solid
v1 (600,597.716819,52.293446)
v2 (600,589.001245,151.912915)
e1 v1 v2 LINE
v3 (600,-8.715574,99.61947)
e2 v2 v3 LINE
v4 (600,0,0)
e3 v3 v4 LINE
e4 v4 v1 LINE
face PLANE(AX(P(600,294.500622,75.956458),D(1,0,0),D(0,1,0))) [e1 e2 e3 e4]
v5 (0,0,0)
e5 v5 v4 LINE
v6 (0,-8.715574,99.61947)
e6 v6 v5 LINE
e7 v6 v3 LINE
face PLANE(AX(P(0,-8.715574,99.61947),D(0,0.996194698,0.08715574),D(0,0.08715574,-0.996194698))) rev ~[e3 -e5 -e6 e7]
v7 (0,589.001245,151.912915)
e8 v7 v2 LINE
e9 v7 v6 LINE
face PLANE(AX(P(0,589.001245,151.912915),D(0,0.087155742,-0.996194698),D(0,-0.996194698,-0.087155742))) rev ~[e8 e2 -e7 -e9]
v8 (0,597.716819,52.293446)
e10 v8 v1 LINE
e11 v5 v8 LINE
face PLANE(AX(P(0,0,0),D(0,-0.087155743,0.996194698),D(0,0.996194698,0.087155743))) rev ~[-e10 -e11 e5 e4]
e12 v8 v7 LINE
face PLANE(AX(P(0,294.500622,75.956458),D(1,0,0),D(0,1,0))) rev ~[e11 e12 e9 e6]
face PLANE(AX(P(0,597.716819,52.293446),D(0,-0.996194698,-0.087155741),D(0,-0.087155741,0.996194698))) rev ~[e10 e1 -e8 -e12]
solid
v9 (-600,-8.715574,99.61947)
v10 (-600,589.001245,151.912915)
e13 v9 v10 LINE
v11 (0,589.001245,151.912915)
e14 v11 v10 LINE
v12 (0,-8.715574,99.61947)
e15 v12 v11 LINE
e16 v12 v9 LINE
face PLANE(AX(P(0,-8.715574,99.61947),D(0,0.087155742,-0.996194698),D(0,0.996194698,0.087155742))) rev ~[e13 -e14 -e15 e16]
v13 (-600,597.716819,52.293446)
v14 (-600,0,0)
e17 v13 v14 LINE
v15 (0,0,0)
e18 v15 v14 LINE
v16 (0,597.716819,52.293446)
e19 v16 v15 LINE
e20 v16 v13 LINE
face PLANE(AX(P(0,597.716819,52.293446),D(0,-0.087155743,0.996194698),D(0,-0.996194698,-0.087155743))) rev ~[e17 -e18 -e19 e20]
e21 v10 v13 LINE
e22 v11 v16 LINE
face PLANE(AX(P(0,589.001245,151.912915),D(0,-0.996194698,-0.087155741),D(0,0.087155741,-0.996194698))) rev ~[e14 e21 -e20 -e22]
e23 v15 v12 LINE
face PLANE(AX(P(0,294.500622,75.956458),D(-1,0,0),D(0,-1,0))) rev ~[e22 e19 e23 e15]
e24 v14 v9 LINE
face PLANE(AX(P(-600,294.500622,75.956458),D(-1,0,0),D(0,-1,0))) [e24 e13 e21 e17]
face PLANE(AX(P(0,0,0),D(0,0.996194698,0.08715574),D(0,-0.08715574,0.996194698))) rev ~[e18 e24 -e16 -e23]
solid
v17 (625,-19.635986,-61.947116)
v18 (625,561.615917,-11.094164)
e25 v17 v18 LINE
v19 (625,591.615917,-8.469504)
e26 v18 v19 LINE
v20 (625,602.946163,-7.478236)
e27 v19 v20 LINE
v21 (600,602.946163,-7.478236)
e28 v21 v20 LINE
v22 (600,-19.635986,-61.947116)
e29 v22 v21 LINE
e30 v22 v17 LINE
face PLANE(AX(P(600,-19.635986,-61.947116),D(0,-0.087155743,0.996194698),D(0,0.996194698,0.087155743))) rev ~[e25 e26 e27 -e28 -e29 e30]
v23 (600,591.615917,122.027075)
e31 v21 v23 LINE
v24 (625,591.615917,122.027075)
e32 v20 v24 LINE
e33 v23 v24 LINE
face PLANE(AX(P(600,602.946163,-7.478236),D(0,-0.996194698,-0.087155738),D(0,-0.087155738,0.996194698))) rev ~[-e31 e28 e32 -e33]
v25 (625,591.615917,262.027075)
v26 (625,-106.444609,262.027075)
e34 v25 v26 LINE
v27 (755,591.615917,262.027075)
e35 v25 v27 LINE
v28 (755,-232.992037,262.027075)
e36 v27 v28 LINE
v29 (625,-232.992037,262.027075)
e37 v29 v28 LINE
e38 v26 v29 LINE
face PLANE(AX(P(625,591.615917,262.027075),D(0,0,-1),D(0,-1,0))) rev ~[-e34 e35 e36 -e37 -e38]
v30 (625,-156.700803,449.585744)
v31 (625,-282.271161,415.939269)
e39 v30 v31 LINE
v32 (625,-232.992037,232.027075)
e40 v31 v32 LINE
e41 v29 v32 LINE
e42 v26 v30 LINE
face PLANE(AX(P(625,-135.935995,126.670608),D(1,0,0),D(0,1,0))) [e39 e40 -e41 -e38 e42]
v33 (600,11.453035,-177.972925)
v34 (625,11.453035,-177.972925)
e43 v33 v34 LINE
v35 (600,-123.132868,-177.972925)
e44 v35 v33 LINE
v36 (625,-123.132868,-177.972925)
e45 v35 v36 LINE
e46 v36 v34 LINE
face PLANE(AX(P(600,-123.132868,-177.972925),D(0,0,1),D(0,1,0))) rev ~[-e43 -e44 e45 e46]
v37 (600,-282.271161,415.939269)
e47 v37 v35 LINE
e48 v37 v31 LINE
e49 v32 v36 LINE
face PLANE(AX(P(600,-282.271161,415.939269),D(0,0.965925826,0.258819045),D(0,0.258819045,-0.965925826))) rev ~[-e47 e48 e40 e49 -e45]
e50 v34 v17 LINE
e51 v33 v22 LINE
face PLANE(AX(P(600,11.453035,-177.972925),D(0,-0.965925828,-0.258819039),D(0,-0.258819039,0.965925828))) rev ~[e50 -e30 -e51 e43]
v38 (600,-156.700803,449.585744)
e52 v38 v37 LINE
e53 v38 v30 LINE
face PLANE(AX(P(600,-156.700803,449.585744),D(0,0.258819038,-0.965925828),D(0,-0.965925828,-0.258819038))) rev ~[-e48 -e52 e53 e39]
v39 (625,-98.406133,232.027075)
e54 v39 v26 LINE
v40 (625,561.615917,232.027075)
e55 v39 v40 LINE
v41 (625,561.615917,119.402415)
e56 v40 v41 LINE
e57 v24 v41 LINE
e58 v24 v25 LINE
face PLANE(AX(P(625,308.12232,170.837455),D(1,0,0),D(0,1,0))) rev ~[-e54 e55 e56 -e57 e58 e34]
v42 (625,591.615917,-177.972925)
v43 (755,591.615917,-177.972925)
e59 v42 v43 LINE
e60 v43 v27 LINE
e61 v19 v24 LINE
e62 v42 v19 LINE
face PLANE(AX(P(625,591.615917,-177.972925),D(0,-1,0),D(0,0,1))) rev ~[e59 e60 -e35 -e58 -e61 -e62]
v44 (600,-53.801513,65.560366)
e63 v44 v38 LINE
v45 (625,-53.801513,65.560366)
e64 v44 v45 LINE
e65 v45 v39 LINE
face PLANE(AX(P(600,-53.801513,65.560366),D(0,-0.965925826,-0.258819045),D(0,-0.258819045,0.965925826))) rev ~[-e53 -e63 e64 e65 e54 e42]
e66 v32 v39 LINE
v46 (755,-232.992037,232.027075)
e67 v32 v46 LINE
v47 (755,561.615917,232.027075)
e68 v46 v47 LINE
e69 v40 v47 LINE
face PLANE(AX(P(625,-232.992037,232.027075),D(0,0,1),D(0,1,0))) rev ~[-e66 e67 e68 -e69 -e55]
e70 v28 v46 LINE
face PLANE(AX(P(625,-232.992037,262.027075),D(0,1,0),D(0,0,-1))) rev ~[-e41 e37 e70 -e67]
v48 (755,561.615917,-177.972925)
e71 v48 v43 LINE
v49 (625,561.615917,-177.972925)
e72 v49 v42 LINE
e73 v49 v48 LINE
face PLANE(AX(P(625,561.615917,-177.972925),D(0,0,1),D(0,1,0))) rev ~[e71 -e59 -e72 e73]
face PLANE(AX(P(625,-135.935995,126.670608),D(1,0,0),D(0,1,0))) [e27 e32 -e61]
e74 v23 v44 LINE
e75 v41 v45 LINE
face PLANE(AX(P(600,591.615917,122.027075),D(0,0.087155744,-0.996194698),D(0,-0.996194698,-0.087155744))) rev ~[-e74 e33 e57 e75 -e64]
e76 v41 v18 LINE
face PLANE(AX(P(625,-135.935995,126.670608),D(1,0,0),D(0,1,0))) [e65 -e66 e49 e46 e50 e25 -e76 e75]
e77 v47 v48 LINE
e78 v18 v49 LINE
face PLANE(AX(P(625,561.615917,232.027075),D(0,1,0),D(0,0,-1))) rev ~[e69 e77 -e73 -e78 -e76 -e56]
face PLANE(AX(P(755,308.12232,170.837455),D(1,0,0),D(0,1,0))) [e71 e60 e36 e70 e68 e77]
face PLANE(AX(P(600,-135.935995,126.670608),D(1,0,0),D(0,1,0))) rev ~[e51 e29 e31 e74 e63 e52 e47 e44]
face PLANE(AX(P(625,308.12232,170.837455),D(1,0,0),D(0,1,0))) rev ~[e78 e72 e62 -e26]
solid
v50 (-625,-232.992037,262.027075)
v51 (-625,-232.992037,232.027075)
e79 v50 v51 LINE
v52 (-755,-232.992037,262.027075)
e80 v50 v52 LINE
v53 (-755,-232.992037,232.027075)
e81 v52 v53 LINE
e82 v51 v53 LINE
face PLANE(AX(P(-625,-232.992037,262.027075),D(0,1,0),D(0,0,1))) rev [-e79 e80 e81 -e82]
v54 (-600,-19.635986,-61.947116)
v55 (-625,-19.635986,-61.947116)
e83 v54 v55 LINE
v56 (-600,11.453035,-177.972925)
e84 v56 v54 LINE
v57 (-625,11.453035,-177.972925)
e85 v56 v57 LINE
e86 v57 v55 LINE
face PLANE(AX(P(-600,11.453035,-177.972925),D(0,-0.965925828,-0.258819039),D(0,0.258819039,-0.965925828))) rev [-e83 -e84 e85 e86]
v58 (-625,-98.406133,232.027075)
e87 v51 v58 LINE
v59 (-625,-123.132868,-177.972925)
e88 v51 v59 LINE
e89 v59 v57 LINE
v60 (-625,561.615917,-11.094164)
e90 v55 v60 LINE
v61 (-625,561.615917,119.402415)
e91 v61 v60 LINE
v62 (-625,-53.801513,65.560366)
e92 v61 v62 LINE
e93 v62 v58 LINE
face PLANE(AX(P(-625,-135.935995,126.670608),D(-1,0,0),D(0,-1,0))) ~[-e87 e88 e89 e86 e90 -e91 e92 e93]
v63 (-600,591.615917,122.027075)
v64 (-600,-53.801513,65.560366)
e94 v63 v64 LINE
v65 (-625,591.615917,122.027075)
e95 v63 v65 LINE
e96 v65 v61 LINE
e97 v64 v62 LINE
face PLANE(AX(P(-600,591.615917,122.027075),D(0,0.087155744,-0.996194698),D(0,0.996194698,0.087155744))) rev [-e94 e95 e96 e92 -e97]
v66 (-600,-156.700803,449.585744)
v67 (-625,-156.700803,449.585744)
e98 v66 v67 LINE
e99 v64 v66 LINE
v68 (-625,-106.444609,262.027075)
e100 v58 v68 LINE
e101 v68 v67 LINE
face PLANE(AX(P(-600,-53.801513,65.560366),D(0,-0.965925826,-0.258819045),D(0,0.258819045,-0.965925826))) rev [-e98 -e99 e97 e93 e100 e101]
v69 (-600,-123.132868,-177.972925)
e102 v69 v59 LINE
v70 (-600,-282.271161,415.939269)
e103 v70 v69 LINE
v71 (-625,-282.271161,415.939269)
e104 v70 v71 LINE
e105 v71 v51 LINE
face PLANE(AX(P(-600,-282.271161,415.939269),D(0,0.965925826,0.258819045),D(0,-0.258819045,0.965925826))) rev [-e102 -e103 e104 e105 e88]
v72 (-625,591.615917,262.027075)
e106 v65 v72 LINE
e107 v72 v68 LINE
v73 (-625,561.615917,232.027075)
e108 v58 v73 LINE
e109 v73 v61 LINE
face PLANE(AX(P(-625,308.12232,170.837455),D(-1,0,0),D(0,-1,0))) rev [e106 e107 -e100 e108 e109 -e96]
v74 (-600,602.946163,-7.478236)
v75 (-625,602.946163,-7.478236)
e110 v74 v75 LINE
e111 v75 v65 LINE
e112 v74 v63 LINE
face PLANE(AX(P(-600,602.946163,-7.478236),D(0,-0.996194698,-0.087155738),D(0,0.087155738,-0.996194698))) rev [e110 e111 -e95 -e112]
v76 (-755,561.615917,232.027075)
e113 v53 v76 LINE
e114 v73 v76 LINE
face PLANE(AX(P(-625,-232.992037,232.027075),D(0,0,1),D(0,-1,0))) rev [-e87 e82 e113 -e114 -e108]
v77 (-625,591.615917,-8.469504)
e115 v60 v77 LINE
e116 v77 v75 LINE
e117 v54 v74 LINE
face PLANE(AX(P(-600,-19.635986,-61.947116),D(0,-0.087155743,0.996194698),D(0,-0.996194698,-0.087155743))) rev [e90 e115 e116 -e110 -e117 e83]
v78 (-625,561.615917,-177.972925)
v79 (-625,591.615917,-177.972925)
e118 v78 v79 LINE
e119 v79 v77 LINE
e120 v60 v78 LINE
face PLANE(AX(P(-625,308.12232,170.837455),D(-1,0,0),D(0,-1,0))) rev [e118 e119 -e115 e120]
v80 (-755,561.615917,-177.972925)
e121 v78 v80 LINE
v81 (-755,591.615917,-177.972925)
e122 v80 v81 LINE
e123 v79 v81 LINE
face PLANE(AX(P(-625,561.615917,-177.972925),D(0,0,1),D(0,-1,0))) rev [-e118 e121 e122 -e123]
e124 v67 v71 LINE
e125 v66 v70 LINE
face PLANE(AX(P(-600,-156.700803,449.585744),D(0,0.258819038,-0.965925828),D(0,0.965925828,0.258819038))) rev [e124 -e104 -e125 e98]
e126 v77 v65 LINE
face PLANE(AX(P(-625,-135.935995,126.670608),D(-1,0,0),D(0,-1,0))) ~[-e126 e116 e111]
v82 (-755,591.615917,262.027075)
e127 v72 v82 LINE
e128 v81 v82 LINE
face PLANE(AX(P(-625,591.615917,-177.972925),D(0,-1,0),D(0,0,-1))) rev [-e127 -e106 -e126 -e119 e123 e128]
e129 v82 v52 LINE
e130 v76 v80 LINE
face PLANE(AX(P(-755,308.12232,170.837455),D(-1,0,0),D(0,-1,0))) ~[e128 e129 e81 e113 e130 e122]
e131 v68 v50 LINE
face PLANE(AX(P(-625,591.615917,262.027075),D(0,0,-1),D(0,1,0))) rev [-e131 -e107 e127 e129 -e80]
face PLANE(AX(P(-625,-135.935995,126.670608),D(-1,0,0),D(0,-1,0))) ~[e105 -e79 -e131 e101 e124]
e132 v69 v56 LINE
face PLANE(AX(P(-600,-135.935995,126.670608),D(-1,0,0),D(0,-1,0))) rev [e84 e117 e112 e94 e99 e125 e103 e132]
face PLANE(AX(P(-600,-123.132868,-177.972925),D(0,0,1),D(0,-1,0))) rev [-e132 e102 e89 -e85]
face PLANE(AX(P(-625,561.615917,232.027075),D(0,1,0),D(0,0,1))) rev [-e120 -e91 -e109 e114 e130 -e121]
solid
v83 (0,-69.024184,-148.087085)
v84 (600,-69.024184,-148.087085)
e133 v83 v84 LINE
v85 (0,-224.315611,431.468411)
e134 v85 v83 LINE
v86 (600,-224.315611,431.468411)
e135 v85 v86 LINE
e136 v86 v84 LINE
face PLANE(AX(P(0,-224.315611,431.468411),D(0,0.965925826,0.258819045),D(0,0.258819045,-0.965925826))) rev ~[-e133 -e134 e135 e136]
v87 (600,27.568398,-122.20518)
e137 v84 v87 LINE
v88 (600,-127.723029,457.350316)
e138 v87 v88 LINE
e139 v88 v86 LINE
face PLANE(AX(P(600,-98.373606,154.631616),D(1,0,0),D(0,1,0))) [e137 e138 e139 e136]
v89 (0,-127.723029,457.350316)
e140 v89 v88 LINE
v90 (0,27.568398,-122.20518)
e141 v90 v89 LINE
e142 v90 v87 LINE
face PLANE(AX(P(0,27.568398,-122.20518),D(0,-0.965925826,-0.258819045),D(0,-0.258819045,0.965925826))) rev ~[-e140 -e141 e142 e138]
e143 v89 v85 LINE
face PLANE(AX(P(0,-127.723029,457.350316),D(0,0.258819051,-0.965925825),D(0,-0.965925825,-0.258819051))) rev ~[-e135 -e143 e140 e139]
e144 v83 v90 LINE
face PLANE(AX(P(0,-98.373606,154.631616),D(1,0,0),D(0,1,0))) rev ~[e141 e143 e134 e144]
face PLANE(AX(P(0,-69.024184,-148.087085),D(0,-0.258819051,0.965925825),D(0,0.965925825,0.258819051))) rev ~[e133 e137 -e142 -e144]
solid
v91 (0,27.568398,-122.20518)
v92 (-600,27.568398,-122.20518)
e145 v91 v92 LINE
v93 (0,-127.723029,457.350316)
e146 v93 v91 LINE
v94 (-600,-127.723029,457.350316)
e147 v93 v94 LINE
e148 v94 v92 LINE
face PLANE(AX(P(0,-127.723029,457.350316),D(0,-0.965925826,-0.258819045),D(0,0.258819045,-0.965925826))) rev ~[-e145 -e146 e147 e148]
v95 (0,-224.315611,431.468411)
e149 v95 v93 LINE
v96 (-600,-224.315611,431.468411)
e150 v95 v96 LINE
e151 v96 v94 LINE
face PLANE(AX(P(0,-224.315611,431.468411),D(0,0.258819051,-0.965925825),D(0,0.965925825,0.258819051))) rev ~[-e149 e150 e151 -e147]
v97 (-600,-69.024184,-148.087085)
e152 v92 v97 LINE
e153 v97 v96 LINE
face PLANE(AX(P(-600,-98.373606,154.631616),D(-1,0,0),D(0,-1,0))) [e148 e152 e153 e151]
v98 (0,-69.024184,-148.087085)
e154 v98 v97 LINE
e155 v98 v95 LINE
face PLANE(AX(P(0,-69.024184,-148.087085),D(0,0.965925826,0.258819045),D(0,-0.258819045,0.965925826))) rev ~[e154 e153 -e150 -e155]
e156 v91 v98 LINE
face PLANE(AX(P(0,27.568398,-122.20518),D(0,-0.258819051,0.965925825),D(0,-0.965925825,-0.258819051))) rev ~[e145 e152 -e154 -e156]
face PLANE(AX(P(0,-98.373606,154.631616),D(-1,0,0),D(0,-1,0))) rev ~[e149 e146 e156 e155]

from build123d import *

# Parameters (mm, degrees)
F1_DEPTH = 600
F3_DEPTH = 600
F5_DEPTH = 25
F7_DEPTH = 130


with BuildPart() as f1:
    # F0 (on Right) → F1 (new body)
    with BuildSketch(Plane.YZ):
        Polygon((-8.715574, 99.61947), (0, 0), (597.716819, 52.293446), (589.001245, 151.912915), align=None)
        Polygon((27.568398, -122.20518), (-127.723029, 457.350316), (-224.315611, 431.468411), (-69.024184, -148.087085), align=None)
    extrude(amount=F1_DEPTH)


with BuildPart() as f3:
    # F2 (on face) → F3 (new body)
    with BuildSketch(Plane(origin=(0, 0, 0), x_dir=(0, -1, 0), z_dir=(-1, 0, 0))):
        Polygon((-597.716819, 52.293446), (0, 0), (8.715574, 99.61947), (-589.001245, 151.912915), align=None)
        Polygon((224.315611, 431.468411), (127.723029, 457.350316), (-27.568398, -122.20518), (69.024184, -148.087085), align=None)
    extrude(amount=F3_DEPTH)


with BuildPart() as f5:
    # F4 (on face) → F5 (new body)
    with BuildSketch(Plane.YZ.offset(600)):
        Polygon((-53.801513, 65.560366), (-156.700803, 449.585744), (-282.271161, 415.939269), (-123.132868, -177.972925), (11.453035, -177.972925), (-19.635986, -61.947116), align=None)
        Polygon((591.615917, 122.027075), (-53.801513, 65.560366), (-19.635986, -61.947116), (602.946163, -7.478236), align=None)
    extrude(amount=F5_DEPTH)

    # F6 (on face) → F7 (join)
    with BuildSketch(Plane.YZ.offset(625)):
        Polygon((-232.992037, 262.027075), (-232.992037, 232.027075), (561.615917, 232.027075), (561.615917, -177.972925), (591.615917, -177.972925), (591.615917, 262.027075), align=None)
    extrude(amount=F7_DEPTH)


with BuildPart() as f8_1:
    # F8: instance of F5
    add(f5.part.mirror(Plane.YZ))


solid = Compound([f1.part, f3.part, f5.part, f8_1.part])
